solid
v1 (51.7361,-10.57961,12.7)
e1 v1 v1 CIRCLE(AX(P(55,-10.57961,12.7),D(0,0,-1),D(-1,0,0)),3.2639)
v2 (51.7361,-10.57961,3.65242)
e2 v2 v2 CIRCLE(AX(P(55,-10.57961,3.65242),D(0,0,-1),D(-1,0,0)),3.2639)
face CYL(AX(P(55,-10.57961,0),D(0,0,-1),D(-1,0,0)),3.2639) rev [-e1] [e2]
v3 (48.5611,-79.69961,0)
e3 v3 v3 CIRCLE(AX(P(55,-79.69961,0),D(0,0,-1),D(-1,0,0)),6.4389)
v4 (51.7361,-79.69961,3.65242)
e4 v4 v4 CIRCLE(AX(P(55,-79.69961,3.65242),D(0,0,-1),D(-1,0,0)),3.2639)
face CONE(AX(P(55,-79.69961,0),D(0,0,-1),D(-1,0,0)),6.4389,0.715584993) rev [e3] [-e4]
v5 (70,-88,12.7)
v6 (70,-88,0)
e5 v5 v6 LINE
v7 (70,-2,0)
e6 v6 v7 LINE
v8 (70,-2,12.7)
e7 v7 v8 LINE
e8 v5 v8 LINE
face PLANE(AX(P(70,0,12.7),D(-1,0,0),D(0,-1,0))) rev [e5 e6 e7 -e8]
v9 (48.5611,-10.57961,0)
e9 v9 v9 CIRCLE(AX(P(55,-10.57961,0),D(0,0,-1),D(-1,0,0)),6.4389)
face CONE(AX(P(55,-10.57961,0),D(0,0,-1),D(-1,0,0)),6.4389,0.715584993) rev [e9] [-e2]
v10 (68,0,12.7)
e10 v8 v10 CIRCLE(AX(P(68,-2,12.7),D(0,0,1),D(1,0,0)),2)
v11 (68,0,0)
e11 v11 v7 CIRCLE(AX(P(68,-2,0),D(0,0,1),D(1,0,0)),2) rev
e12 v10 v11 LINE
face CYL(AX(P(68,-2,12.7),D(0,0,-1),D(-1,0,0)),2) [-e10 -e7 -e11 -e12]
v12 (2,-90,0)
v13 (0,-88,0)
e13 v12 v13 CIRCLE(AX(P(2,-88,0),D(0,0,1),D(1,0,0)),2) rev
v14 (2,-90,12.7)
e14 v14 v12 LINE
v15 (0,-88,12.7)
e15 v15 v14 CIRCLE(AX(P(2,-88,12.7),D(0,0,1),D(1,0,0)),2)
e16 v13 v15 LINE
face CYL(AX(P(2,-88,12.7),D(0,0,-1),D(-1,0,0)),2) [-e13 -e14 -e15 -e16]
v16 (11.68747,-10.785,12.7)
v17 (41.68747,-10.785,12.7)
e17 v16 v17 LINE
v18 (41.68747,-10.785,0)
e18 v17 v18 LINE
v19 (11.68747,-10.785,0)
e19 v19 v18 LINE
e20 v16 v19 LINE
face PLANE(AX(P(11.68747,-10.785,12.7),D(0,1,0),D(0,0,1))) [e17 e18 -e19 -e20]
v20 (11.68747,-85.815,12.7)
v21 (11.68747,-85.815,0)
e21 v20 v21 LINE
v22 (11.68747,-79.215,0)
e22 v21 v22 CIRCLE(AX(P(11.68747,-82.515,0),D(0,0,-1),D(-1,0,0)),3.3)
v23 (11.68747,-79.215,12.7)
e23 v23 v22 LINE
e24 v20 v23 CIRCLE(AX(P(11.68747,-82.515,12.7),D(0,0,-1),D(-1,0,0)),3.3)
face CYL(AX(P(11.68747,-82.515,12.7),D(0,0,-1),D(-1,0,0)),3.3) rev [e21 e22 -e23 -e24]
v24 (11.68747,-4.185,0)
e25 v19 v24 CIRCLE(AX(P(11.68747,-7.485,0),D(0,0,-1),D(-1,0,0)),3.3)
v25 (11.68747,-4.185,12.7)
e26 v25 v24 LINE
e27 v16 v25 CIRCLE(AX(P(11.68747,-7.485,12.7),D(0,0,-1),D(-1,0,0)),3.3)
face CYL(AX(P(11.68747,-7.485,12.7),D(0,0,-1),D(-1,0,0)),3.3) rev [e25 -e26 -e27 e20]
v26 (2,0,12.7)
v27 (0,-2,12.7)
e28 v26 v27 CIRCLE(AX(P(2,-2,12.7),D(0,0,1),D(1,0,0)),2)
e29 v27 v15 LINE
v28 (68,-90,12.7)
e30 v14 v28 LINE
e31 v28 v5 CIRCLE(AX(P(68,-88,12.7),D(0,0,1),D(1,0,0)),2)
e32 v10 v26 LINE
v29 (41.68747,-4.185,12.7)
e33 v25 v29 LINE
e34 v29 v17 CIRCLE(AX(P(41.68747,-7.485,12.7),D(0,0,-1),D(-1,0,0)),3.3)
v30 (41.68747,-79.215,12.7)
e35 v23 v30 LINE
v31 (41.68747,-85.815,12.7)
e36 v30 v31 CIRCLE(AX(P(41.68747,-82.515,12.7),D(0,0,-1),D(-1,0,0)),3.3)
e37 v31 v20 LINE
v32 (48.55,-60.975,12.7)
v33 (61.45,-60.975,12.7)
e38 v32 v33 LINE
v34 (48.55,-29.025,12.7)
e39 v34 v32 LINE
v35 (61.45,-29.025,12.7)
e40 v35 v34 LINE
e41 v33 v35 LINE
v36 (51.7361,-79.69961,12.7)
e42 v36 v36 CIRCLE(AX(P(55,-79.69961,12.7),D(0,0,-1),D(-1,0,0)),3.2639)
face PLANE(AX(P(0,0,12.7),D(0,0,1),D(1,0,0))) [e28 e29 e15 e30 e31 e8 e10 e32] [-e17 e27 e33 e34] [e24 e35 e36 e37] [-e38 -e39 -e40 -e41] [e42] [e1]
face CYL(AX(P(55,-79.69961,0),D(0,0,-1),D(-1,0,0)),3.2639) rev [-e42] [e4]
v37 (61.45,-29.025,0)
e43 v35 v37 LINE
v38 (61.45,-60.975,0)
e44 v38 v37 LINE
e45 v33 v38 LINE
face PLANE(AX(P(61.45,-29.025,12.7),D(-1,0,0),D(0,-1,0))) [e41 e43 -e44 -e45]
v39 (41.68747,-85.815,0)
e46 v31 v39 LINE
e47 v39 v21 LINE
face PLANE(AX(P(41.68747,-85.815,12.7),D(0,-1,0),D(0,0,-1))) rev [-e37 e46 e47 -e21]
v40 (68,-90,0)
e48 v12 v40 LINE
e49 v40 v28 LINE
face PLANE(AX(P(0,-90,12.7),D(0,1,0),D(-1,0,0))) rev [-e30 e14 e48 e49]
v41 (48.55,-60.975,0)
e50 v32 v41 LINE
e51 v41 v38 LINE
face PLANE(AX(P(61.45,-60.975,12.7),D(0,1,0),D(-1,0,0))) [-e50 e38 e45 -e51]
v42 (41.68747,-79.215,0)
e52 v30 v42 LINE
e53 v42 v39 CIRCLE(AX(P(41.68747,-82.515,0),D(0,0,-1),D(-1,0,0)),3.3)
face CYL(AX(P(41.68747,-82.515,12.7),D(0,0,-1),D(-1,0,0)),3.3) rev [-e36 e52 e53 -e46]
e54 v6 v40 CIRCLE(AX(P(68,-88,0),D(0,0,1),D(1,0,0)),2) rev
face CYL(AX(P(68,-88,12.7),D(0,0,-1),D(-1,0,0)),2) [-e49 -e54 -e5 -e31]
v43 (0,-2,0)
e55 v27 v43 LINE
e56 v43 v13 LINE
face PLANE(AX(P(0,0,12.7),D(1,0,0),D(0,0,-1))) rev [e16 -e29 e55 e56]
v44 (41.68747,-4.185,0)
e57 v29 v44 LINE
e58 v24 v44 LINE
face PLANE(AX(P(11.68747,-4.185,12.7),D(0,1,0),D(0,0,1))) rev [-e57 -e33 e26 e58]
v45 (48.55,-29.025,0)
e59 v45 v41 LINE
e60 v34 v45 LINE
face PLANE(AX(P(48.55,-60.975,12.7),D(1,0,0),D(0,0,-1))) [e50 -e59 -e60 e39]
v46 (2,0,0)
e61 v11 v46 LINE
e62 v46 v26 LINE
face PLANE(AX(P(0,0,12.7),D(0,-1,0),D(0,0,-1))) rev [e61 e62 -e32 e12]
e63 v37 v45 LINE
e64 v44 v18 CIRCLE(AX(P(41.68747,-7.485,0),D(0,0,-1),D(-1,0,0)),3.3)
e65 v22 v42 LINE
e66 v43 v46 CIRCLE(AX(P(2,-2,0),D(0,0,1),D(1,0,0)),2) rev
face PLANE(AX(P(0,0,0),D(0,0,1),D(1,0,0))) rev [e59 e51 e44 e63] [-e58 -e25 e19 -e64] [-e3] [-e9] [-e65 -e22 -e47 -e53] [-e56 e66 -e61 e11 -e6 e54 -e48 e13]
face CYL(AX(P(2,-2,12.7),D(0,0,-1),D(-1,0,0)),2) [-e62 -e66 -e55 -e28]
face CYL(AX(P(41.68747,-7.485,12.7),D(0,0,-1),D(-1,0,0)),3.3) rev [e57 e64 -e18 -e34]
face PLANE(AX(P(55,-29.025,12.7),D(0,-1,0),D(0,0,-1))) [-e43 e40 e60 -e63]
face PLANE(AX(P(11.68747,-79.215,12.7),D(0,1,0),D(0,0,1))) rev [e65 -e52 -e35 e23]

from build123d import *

# Parameters (mm, degrees)
SKETCH1_W                                        = 70
SKETCH1_H                                        = 90
BOSS_EXTRUDE1_DEPTH                              = 12.7
CSK_FOR_1_4_FLAT_HEAD_MACHINE_SCREW1_D           = 6.5278
CSK_FOR_1_4_FLAT_HEAD_MACHINE_SCREW1_CSINK_D     = 12.8778
CSK_FOR_1_4_FLAT_HEAD_MACHINE_SCREW1_CSINK_ANGLE = 82
FILLET1_R                                        = 2
CUT_EXTRUDE1_DEPTH                               = 115.72266559


with BuildPart() as part:
    # Sketch1 → Boss-Extrude1 (new body)
    with BuildSketch(Plane.XY):
        with Locations((35, -45)):
            Rectangle(SKETCH1_W, SKETCH1_H)
        Polygon((55, -29.025), (61.45, -29.025), (61.45, -60.975), (55, -60.975), (48.55, -60.975), (48.55, -29.025), align=None, mode=Mode.SUBTRACT)
    extrude(amount=BOSS_EXTRUDE1_DEPTH)

    # CSK for 1/4 Flat Head Machine Screw1 (through all)
    with Locations(Plane(origin=(0, 0, 0), x_dir=(-1, 0, 0), z_dir=(0, 0, -1))):
        with Locations((-55, -10.579610023), (-55, -79.699610023)):
            CounterSinkHole(CSK_FOR_1_4_FLAT_HEAD_MACHINE_SCREW1_D / 2, CSK_FOR_1_4_FLAT_HEAD_MACHINE_SCREW1_CSINK_D / 2, counter_sink_angle=CSK_FOR_1_4_FLAT_HEAD_MACHINE_SCREW1_CSINK_ANGLE)

    # Fillet1
    fillet1_edges = [part.edges().sort_by_distance(p)[0] for p in [
        (0, 0, 6.35),
        (70, 0, 6.35),
        (70, -90, 6.35),
        (0, -90, 6.35),
    ]]
    fillet(fillet1_edges, radius=FILLET1_R)

    # Sketch7 → Cut-Extrude1 (cut, through all)
    with BuildSketch(Plane(origin=(0, 0, 0), x_dir=(-1, 0, 0), z_dir=(0, 0, -1))):
        with BuildLine():
            Line((-41.687469931, -85.815), (-11.687469931, -85.815))
            ThreePointArc((-11.687469931, -85.815), (-8.387469931, -82.515), (-11.687469931, -79.215))
            Line((-11.687469931, -79.215), (-41.687469931, -79.215))
            ThreePointArc((-41.687469931, -79.215), (-44.987469931, -82.515), (-41.687469931, -85.815))
        make_face()
        with BuildLine():
            Line((-11.687469931, -10.785), (-41.687469931, -10.785))
            ThreePointArc((-41.687469931, -10.785), (-44.987469931, -7.485), (-41.687469931, -4.185))
            Line((-41.687469931, -4.185), (-11.687469931, -4.185))
            ThreePointArc((-11.687469931, -4.185), (-8.387469931, -7.485), (-11.687469931, -10.785))
        make_face()
    extrude(amount=-CUT_EXTRUDE1_DEPTH, mode=Mode.SUBTRACT)


solid = part.part
